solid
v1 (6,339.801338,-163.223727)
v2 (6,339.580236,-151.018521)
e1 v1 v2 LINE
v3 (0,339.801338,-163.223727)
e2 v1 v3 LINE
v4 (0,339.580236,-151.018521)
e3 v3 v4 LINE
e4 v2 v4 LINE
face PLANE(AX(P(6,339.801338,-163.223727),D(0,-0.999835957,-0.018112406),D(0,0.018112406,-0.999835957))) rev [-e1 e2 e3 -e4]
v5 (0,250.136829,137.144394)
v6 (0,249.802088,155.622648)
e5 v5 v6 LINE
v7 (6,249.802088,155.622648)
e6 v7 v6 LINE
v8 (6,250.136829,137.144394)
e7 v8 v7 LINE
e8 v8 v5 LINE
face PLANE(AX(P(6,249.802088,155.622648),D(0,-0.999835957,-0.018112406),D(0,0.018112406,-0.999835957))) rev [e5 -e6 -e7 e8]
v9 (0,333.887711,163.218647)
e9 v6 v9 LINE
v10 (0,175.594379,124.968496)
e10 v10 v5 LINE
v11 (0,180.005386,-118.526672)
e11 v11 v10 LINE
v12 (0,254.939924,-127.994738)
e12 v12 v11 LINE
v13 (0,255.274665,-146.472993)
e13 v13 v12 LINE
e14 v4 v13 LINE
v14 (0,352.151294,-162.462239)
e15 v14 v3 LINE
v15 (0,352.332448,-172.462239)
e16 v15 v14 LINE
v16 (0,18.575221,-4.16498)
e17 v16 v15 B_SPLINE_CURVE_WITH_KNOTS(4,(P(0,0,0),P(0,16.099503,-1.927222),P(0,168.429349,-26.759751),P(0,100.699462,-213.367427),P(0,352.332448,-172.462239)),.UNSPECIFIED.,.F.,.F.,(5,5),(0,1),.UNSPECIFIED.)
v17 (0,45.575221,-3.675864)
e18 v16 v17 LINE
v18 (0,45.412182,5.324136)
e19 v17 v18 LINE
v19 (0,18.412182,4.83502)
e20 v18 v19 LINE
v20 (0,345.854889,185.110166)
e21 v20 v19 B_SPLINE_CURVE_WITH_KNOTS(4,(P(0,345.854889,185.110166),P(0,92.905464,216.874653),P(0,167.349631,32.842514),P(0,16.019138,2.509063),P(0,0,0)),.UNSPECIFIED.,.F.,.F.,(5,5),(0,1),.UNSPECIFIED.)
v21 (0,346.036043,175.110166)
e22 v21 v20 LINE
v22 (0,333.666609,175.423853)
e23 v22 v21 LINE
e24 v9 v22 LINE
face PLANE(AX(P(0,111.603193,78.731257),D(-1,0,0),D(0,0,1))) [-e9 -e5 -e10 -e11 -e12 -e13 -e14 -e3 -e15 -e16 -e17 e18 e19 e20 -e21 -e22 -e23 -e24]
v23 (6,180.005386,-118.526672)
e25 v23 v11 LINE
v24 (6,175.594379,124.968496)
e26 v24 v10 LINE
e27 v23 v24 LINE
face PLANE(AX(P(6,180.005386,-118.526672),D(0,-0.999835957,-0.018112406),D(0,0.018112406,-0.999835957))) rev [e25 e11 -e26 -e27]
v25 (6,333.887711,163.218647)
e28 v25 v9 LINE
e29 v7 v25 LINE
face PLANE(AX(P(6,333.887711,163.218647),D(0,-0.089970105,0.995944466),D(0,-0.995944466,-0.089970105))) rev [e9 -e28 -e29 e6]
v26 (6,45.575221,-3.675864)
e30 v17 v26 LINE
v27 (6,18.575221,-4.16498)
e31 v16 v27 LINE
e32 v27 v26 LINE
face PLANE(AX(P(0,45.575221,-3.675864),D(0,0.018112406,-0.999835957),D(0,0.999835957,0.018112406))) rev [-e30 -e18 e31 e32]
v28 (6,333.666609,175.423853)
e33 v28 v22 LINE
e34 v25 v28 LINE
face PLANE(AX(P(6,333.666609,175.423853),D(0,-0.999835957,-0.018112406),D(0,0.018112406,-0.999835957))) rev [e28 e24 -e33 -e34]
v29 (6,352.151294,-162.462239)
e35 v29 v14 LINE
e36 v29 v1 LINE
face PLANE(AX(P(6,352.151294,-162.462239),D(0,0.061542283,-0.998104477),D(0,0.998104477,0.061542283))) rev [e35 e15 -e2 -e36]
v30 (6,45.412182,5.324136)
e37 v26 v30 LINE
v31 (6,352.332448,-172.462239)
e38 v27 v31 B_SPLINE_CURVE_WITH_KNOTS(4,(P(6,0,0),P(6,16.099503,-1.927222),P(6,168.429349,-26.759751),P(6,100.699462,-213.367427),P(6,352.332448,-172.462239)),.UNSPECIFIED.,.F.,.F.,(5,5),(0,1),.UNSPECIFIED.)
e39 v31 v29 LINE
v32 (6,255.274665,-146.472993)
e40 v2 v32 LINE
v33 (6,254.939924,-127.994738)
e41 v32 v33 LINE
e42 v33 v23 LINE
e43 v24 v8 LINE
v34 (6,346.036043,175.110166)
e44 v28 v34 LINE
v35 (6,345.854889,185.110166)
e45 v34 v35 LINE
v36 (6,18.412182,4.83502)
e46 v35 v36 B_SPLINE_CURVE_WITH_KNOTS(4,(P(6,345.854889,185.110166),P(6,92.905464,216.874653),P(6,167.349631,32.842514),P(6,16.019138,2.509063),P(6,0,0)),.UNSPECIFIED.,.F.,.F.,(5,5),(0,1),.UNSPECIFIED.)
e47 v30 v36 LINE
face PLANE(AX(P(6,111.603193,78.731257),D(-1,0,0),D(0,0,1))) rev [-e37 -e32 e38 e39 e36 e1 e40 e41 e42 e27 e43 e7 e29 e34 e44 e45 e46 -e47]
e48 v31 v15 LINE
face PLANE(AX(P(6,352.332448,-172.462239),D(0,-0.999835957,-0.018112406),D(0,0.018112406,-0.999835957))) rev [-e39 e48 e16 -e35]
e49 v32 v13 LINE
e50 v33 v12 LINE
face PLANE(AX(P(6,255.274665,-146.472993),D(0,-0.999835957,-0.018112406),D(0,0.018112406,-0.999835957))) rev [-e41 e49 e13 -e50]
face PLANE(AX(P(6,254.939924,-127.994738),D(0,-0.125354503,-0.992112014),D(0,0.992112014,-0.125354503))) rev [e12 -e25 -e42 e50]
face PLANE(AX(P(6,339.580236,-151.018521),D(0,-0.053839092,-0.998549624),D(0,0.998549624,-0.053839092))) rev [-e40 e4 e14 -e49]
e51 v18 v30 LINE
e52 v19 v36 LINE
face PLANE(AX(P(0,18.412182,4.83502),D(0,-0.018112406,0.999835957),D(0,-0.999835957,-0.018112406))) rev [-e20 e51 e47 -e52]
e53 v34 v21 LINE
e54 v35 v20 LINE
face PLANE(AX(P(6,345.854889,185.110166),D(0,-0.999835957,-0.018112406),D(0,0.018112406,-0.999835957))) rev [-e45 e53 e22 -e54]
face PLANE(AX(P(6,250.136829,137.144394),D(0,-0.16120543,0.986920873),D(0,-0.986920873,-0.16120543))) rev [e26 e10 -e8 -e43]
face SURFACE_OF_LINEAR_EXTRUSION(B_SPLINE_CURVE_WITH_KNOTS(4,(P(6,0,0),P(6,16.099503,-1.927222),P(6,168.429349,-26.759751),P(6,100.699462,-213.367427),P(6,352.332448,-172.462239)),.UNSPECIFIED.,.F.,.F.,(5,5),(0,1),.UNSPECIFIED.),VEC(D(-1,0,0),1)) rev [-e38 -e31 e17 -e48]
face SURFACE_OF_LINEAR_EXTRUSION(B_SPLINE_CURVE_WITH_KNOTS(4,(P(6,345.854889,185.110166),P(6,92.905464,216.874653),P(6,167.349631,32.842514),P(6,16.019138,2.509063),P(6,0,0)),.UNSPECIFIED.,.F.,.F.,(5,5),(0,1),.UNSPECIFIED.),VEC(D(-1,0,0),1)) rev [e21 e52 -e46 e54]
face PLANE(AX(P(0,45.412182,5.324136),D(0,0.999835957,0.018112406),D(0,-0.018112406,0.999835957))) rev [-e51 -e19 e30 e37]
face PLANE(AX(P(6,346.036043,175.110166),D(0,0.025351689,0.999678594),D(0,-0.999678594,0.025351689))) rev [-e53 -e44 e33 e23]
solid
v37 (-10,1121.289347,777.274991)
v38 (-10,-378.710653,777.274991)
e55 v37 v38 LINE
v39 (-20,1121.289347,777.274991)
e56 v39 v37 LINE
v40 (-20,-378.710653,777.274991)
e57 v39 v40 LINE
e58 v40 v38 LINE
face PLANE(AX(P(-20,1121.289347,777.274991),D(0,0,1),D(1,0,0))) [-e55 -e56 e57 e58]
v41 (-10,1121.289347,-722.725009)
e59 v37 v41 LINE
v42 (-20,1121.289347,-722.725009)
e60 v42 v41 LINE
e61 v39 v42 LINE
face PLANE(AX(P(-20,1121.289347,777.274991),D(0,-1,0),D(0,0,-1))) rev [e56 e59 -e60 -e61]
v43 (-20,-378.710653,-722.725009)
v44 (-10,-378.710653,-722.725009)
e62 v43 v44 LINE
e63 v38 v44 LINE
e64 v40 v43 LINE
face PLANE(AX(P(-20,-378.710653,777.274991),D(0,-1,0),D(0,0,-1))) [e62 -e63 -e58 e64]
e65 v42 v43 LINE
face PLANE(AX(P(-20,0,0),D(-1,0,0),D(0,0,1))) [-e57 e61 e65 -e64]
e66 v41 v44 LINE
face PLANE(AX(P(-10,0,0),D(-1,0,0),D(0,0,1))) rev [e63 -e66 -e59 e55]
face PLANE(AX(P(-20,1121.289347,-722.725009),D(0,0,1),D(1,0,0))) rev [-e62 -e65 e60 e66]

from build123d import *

# Parameters (mm, degrees)
BOSS_EXTRU_2_DEPTH      = 10
BOSS_EXTRU_3_DEPTH      = 6
ENL_V_MAT_EXTRU_1_DEPTH = 6


with BuildPart() as part:
    # Esquisse3D1 → Boss.-Extru.2 (new body)
    with BuildSketch(Plane(origin=(-20, 1121.289346724, 777.274991403), x_dir=(0, -0.7071067811865476, -0.7071067811865476), z_dir=(1, 0, 0))):
        Polygon((0, 0), (1060.66017178, 1060.66017178), (2121.32034356, 0), (1060.66017178, -1060.66017178), align=None)
    extrude(amount=BOSS_EXTRU_2_DEPTH)


with BuildPart() as body_2:
    # Esquisse5 → Boss.-Extru.3 (new body)
    with BuildSketch(Plane(origin=(0, 0, 0), x_dir=(0, 0, -1), z_dir=(1, 0, 0))):
        with BuildLine():
            Line((172.4622394, 352.332448072), (162.4622394, 352.1512943))
            Line((162.4622394, 352.1512943), (163.223727317, 339.801338053))
            Line((163.223727317, 339.801338053), (151.0185207, 339.58023613))
            Line((151.0185207, 339.58023613), (146.47299258, 255.274664597))
            Line((146.47299258, 255.274664597), (127.994738238, 254.939924049))
            Line((127.994738238, 254.939924049), (118.526672474, 180.005385852))
            Line((118.526672474, 180.005385852), (-124.968496367, 175.594379009))
            Line((-124.968496367, 175.594379009), (-137.144394156, 250.13682864))
            Line((-137.144394156, 250.13682864), (-155.622648498, 249.802088092))
            Line((-155.622648498, 249.802088092), (-163.218646637, 333.887711296))
            Line((-163.218646637, 333.887711296), (-175.423853255, 333.666609374))
            Line((-175.423853255, 333.666609374), (-175.110166408, 346.036042818))
            Line((-175.110166408, 346.036042818), (-185.110166408, 345.854889045))
            add(Edge.make_bspline(
                [(0, 0), (-2.509062985, 16.019137781), (-32.842513655, 167.349631388), (-216.874652949, 92.90546411), (-185.110166408, 345.854889045)],
                knots=[0, 0, 0, 0, 0, 1, 1, 1, 1, 1], degree=4))
            add(Edge.make_bspline(
                [(0, 0), (1.927221695, 16.099502752), (26.759750752, 168.429348893), (213.36742668, 100.699461693), (172.4622394, 352.332448072)],
                knots=[0, 0, 0, 0, 0, 1, 1, 1, 1, 1], degree=4))
        make_face()
    extrude(amount=BOSS_EXTRU_3_DEPTH)

    # Esquisse6 → Enlèv. mat.-Extru.1 (cut)
    with BuildSketch(Plane(origin=(6, 0, 0), x_dir=(0, 0, -1), z_dir=(1, 0, 0))):
        Polygon((-4.835020381, 18.412182381), (-5.324135567, 45.412182381), (3.675864433, 45.575220776), (4.164979619, 18.575220776), (117.063261114, -47.52702125), (-85.227699586, -65.220017949), align=None)
    extrude(amount=-ENL_V_MAT_EXTRU_1_DEPTH, mode=Mode.SUBTRACT)


solid = Compound([part.part, body_2.part])
